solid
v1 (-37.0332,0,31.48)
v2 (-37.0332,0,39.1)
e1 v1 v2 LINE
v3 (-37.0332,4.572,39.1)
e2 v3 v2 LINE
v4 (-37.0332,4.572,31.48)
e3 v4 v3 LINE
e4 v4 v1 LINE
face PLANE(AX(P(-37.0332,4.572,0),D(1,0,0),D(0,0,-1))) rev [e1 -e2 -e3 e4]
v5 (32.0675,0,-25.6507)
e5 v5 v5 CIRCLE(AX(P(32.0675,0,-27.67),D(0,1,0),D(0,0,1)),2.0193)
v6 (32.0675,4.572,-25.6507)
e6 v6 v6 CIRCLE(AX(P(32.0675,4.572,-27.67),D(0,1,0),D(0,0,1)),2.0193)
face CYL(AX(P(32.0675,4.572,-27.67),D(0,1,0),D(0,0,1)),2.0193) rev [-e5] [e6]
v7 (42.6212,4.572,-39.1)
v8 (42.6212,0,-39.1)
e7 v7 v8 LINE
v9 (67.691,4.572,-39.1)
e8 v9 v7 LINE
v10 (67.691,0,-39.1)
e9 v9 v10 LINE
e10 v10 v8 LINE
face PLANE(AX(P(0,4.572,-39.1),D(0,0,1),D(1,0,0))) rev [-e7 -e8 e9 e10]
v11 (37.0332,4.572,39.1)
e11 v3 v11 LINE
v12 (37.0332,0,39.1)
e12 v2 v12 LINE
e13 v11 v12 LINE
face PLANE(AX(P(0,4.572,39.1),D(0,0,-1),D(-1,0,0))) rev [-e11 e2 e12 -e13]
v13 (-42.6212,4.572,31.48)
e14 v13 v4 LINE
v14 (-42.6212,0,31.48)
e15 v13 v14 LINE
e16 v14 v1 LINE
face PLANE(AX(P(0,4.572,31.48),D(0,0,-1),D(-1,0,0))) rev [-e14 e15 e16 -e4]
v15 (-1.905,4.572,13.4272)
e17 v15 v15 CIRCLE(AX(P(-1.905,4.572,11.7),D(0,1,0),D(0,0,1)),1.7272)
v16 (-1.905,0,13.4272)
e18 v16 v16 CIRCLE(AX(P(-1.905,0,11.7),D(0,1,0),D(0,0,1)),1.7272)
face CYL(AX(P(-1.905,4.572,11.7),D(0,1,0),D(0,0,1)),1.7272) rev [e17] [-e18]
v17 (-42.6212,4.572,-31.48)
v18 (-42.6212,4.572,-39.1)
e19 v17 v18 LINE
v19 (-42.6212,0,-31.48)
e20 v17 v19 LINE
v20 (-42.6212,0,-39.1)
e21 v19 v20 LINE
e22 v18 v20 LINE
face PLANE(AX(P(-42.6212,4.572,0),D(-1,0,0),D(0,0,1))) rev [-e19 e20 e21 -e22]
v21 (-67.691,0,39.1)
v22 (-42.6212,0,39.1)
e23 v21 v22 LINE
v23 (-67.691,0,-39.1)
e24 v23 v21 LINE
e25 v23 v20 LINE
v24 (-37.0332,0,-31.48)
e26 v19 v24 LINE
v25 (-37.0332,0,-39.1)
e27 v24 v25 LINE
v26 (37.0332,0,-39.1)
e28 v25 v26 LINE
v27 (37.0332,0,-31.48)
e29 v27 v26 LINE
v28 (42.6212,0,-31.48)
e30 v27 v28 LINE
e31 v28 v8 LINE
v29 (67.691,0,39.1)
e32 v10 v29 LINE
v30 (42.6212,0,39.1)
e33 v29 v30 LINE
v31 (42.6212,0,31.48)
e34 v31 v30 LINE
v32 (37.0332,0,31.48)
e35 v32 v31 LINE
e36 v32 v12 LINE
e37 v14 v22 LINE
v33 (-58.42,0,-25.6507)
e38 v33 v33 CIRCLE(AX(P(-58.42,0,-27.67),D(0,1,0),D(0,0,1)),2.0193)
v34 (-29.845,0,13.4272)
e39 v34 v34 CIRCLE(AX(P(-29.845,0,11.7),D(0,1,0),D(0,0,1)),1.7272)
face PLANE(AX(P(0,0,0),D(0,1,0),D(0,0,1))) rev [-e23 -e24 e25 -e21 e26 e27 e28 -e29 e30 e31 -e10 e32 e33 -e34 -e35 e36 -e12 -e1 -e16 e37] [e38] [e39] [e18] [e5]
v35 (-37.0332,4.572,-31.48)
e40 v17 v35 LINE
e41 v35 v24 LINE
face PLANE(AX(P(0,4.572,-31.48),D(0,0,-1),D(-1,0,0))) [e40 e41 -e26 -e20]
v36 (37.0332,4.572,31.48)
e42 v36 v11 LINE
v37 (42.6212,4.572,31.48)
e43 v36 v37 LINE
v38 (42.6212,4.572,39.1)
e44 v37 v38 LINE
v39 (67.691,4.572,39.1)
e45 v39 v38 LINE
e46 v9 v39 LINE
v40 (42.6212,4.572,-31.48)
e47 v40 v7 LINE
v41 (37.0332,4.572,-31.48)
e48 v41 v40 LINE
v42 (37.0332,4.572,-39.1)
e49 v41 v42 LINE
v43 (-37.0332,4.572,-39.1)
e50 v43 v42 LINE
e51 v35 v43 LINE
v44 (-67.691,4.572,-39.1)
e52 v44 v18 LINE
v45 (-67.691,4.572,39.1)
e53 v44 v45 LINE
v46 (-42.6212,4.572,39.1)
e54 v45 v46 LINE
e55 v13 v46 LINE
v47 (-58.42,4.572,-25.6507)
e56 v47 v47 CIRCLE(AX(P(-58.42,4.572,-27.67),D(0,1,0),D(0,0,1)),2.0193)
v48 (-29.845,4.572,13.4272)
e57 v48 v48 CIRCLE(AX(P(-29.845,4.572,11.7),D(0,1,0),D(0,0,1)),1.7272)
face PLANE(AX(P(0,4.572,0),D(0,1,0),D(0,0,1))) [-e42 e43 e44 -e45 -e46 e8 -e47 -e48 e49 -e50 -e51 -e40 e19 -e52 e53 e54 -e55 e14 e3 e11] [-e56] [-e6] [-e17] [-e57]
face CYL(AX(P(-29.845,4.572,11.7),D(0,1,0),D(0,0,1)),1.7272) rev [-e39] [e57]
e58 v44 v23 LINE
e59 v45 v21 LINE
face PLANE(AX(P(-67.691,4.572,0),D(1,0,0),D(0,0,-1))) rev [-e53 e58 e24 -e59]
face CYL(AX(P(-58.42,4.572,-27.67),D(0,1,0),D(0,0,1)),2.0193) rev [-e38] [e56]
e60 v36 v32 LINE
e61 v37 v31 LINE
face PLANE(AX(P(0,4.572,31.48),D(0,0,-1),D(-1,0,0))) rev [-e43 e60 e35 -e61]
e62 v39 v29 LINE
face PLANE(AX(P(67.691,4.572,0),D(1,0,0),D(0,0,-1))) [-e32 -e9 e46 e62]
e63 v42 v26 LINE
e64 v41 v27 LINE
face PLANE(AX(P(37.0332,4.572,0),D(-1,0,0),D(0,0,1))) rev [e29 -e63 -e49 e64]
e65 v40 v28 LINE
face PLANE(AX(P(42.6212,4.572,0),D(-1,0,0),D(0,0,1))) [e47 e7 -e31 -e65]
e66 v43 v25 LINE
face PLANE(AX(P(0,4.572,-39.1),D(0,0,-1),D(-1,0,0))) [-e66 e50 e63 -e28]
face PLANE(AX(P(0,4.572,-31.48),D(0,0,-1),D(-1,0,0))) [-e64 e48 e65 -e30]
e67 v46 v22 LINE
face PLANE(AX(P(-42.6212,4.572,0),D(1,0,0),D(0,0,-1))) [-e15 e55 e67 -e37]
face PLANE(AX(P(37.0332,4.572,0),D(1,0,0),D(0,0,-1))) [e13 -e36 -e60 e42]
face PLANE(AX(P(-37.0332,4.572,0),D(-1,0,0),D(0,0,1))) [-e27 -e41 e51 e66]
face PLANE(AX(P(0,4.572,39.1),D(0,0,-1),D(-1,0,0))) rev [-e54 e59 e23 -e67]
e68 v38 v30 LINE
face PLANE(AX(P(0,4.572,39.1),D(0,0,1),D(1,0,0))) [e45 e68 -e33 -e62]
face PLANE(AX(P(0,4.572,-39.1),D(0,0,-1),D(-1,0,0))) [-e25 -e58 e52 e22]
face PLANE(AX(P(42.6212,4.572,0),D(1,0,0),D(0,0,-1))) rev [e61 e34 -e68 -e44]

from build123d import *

# Parameters (mm, degrees)
SKETCH1_W              = 135.382
SKETCH1_H              = 62.96
SKETCH1_W_2            = 25.0698
SKETCH1_H_2            = 7.62
SKETCH1_W_3            = 74.0664
BOSS_EXTRUDE1_DEPTH    = 4.572
F_10_32_TAPPED_HOLE1_D = 4.0386
F_8_32_TAPPED_HOLE1_D  = 3.4544


with BuildPart() as part:
    # Sketch1 → Boss-Extrude1 (new body)
    with BuildSketch(Plane(origin=(0, 0, 0), x_dir=(1, 0, 0), z_dir=(0, 1, 0))):
        Rectangle(SKETCH1_W, SKETCH1_H)
        with Locations((55.1561, 35.29)):
            Rectangle(SKETCH1_W_2, SKETCH1_H_2)
        with Locations((0, 35.29)):
            Rectangle(SKETCH1_W_3, SKETCH1_H_2)
        with Locations((-55.1561, 35.29)):
            Rectangle(SKETCH1_W_2, SKETCH1_H_2)
        with Locations((-55.1561, -35.29)):
            Rectangle(SKETCH1_W_2, SKETCH1_H_2)
        with Locations((0, -35.29)):
            Rectangle(SKETCH1_W_3, SKETCH1_H_2)
        with Locations((55.1561, -35.29)):
            Rectangle(SKETCH1_W_2, SKETCH1_H_2)
    extrude(amount=BOSS_EXTRUDE1_DEPTH)

    # #10-32 Tapped Hole1 (through all)
    with Locations(Plane(origin=(0, 4.572, 0), x_dir=(1, 0, 0), z_dir=(0, 1, 0))):
        with Locations((-58.42, 27.67), (32.0675, 27.67)):
            Hole(F_10_32_TAPPED_HOLE1_D / 2)

    # #8-32 Tapped Hole1 (through all)
    with Locations(Plane(origin=(0, 4.572, 0), x_dir=(1, 0, 0), z_dir=(0, 1, 0))):
        with Locations((-29.845, -11.7), (-1.905, -11.7)):
            Hole(F_8_32_TAPPED_HOLE1_D / 2)


solid = part.part
